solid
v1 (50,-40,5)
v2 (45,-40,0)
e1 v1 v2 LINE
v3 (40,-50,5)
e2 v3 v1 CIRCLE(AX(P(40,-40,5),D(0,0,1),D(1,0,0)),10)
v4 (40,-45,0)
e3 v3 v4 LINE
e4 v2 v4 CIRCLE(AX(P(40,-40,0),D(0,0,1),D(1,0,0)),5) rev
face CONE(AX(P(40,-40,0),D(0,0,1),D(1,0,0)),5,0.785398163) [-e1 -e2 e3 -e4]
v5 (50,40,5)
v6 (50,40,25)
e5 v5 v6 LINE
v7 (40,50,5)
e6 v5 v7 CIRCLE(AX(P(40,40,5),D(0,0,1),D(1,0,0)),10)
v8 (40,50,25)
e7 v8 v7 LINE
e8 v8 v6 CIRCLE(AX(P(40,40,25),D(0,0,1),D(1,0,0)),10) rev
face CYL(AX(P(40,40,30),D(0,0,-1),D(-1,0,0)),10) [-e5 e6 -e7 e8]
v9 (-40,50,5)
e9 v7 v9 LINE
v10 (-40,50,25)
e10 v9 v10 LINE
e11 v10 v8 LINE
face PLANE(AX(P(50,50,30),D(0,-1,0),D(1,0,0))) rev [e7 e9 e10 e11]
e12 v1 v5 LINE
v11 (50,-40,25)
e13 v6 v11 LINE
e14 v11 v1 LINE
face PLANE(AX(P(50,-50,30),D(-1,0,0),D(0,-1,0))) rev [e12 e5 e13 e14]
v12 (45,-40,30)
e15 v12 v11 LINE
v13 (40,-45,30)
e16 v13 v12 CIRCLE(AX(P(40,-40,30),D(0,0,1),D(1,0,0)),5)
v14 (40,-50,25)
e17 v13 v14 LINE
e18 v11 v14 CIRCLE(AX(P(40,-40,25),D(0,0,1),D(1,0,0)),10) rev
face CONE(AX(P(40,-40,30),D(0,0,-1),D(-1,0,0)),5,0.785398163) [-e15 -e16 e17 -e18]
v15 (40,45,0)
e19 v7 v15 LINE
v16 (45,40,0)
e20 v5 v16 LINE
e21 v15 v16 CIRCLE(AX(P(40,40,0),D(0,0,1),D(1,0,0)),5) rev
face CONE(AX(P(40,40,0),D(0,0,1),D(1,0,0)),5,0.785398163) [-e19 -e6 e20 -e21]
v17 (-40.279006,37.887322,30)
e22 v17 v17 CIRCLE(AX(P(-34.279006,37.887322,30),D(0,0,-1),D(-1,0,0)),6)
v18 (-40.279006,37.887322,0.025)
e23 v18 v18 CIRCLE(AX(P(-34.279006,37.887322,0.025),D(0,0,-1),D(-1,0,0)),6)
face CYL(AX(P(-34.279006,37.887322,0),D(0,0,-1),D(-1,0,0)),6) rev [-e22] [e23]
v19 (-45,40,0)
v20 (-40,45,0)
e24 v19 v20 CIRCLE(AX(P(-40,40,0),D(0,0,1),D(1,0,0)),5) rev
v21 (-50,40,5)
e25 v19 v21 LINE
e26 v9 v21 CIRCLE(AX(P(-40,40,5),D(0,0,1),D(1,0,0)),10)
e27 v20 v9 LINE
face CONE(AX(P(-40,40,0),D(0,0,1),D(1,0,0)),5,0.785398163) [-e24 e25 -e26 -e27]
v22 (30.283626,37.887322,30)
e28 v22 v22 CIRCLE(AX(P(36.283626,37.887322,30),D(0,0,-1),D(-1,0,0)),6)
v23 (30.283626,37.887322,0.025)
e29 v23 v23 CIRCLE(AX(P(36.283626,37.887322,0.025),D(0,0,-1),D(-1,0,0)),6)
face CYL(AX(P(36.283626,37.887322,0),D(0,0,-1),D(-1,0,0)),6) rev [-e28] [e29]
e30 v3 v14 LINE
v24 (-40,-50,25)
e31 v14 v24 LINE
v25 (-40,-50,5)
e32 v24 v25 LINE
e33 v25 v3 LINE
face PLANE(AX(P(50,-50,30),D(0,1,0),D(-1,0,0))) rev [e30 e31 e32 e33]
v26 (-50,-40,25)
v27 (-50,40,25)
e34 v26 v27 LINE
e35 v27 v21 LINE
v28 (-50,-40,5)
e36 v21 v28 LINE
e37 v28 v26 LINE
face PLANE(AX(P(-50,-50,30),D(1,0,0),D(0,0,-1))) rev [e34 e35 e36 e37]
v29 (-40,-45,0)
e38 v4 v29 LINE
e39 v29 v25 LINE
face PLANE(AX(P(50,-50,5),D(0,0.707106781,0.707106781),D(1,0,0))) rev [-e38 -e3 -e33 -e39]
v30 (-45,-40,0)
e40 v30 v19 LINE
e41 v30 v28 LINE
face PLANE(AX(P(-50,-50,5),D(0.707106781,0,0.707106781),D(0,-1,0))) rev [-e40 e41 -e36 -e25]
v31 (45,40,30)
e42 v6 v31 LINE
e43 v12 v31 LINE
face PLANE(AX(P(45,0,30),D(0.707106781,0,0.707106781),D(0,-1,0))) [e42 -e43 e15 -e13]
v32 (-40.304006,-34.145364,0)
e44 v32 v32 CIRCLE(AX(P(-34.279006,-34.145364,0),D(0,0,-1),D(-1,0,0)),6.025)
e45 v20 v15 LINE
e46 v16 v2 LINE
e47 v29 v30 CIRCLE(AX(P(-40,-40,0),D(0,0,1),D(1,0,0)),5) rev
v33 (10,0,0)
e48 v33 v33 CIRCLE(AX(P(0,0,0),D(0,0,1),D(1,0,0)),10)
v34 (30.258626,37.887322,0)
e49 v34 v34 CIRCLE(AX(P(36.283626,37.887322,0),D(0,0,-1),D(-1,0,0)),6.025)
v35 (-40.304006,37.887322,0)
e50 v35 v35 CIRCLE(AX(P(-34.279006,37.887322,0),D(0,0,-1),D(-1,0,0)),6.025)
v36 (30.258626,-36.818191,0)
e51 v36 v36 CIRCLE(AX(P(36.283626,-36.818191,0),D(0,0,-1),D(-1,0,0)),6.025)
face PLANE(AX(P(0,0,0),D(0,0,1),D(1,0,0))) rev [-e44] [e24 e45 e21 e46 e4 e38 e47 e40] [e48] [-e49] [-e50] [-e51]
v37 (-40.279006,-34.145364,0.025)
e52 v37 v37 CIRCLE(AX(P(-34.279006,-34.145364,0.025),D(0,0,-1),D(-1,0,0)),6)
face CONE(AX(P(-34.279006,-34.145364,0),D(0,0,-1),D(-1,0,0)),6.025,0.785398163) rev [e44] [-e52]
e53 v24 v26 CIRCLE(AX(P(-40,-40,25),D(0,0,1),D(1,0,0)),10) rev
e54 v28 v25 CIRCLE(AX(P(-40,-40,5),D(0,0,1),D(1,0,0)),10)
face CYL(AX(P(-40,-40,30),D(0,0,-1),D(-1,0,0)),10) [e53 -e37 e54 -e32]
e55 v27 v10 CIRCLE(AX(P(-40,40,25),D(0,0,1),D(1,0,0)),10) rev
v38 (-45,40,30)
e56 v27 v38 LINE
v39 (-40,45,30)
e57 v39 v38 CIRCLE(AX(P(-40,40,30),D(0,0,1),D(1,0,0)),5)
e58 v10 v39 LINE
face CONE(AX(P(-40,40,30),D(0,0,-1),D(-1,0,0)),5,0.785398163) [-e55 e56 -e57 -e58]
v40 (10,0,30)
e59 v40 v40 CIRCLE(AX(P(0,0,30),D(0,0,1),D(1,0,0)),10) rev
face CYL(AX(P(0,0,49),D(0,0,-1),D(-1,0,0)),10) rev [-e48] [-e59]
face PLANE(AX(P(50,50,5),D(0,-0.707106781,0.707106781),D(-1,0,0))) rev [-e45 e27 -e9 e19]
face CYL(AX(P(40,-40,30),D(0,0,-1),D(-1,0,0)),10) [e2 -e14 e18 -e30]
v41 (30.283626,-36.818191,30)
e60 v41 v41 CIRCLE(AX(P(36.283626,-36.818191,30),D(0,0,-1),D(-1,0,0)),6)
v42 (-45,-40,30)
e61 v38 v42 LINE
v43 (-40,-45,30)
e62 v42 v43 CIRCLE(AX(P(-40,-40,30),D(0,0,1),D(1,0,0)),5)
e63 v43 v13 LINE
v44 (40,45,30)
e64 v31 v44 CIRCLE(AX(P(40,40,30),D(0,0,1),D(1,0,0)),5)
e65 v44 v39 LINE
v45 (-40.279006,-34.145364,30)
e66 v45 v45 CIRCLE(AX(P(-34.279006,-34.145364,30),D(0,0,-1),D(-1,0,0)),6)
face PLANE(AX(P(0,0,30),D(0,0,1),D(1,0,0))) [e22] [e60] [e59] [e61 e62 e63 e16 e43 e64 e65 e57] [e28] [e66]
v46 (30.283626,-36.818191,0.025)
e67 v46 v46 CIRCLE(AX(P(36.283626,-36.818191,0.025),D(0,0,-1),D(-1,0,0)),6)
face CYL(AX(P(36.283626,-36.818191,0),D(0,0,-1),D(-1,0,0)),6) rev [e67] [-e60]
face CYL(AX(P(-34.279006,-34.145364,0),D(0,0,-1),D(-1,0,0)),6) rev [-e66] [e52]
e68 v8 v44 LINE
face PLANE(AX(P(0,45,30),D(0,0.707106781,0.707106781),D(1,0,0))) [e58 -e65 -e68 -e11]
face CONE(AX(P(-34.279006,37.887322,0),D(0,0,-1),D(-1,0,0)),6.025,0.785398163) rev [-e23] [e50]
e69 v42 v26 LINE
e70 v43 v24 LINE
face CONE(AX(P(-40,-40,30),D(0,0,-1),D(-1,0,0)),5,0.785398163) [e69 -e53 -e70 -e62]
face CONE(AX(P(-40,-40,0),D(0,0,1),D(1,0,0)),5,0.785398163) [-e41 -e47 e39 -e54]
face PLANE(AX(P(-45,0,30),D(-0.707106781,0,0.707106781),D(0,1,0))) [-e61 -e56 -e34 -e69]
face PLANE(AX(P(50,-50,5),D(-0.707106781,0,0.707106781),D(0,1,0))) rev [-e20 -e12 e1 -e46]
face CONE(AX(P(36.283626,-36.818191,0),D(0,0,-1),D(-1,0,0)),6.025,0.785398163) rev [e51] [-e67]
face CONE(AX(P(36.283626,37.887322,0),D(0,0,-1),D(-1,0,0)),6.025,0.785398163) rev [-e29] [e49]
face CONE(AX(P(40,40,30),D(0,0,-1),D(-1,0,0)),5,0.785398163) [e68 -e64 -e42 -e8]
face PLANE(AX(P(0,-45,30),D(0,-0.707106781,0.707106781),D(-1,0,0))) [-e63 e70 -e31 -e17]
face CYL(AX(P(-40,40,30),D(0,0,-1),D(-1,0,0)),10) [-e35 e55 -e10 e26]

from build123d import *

# Parameters (mm, degrees)
SKETCH1_W                        = 100
SKETCH1_H                        = 100
BOSS_EXTRUDE1_DEPTH              = 30
SKETCH3_R                        = 10
CUT_EXTRUDE1_DEPTH               = 19
CUT_EXTRUDE1_DEPTH_BACK          = 31
FILLET1_R                        = 10
CHAMFER1_SIZE                    = 5
F_12_0MM_DOWEL_HOLE1_D           = 12
F_12_0MM_DOWEL_HOLE1_CSINK_D     = 12.05
F_12_0MM_DOWEL_HOLE1_CSINK_ANGLE = 90


with BuildPart() as part:
    # Sketch1 → Boss-Extrude1 (new body)
    with BuildSketch(Plane.XY):
        Rectangle(SKETCH1_W, SKETCH1_H)
    extrude(amount=BOSS_EXTRUDE1_DEPTH)

    # Sketch3 → Cut-Extrude1 (cut, two sides)
    with BuildSketch(Plane.XY.offset(30)) as cut_extrude1_sk:
        Circle(SKETCH3_R)
    extrude(amount=CUT_EXTRUDE1_DEPTH, mode=Mode.SUBTRACT)
    extrude(cut_extrude1_sk.sketch, amount=-CUT_EXTRUDE1_DEPTH_BACK, mode=Mode.SUBTRACT)

    # Fillet1
    fillet1_edges = [part.edges().sort_by_distance(p)[0] for p in [
        (-50, 50, 15),
        (50, 50, 15),
        (50, -50, 15),
        (-50, -50, 15),
    ]]
    fillet(fillet1_edges, radius=FILLET1_R)

    # Chamfer1
    chamfer1_edges = [part.edges().sort_by_distance(p)[0] for p in [
        (0, -50, 0),
        (0, -50, 30),
        (-50, 0, 0),
        (0, 50, 0),
        (50, 0, 0),
        (47.071067812, -47.071067812, 0),
        (47.071067812, 47.071067812, 0),
        (-47.071067812, 47.071067812, 0),
        (-47.071067812, -47.071067812, 0),
        (-50, 0, 30),
        (50, 0, 30),
        (0, 50, 30),
        (47.071067812, -47.071067812, 30),
        (47.071067812, 47.071067812, 30),
        (-47.071067812, 47.071067812, 30),
        (-47.071067812, -47.071067812, 30),
    ]]
    chamfer(chamfer1_edges, length=CHAMFER1_SIZE)

    # Ø12.0mm Dowel Hole1 (through all)
    with Locations(Plane(origin=(0, 0, 0), x_dir=(-1, 0, 0), z_dir=(0, 0, -1))):
        with Locations((-36.283625915, 37.887322089), (34.279005699, 37.887322089), (34.279005699, -34.145364351), (-36.283625915, -36.818191306)):
            CounterSinkHole(F_12_0MM_DOWEL_HOLE1_D / 2, F_12_0MM_DOWEL_HOLE1_CSINK_D / 2, counter_sink_angle=F_12_0MM_DOWEL_HOLE1_CSINK_ANGLE)


solid = part.part
